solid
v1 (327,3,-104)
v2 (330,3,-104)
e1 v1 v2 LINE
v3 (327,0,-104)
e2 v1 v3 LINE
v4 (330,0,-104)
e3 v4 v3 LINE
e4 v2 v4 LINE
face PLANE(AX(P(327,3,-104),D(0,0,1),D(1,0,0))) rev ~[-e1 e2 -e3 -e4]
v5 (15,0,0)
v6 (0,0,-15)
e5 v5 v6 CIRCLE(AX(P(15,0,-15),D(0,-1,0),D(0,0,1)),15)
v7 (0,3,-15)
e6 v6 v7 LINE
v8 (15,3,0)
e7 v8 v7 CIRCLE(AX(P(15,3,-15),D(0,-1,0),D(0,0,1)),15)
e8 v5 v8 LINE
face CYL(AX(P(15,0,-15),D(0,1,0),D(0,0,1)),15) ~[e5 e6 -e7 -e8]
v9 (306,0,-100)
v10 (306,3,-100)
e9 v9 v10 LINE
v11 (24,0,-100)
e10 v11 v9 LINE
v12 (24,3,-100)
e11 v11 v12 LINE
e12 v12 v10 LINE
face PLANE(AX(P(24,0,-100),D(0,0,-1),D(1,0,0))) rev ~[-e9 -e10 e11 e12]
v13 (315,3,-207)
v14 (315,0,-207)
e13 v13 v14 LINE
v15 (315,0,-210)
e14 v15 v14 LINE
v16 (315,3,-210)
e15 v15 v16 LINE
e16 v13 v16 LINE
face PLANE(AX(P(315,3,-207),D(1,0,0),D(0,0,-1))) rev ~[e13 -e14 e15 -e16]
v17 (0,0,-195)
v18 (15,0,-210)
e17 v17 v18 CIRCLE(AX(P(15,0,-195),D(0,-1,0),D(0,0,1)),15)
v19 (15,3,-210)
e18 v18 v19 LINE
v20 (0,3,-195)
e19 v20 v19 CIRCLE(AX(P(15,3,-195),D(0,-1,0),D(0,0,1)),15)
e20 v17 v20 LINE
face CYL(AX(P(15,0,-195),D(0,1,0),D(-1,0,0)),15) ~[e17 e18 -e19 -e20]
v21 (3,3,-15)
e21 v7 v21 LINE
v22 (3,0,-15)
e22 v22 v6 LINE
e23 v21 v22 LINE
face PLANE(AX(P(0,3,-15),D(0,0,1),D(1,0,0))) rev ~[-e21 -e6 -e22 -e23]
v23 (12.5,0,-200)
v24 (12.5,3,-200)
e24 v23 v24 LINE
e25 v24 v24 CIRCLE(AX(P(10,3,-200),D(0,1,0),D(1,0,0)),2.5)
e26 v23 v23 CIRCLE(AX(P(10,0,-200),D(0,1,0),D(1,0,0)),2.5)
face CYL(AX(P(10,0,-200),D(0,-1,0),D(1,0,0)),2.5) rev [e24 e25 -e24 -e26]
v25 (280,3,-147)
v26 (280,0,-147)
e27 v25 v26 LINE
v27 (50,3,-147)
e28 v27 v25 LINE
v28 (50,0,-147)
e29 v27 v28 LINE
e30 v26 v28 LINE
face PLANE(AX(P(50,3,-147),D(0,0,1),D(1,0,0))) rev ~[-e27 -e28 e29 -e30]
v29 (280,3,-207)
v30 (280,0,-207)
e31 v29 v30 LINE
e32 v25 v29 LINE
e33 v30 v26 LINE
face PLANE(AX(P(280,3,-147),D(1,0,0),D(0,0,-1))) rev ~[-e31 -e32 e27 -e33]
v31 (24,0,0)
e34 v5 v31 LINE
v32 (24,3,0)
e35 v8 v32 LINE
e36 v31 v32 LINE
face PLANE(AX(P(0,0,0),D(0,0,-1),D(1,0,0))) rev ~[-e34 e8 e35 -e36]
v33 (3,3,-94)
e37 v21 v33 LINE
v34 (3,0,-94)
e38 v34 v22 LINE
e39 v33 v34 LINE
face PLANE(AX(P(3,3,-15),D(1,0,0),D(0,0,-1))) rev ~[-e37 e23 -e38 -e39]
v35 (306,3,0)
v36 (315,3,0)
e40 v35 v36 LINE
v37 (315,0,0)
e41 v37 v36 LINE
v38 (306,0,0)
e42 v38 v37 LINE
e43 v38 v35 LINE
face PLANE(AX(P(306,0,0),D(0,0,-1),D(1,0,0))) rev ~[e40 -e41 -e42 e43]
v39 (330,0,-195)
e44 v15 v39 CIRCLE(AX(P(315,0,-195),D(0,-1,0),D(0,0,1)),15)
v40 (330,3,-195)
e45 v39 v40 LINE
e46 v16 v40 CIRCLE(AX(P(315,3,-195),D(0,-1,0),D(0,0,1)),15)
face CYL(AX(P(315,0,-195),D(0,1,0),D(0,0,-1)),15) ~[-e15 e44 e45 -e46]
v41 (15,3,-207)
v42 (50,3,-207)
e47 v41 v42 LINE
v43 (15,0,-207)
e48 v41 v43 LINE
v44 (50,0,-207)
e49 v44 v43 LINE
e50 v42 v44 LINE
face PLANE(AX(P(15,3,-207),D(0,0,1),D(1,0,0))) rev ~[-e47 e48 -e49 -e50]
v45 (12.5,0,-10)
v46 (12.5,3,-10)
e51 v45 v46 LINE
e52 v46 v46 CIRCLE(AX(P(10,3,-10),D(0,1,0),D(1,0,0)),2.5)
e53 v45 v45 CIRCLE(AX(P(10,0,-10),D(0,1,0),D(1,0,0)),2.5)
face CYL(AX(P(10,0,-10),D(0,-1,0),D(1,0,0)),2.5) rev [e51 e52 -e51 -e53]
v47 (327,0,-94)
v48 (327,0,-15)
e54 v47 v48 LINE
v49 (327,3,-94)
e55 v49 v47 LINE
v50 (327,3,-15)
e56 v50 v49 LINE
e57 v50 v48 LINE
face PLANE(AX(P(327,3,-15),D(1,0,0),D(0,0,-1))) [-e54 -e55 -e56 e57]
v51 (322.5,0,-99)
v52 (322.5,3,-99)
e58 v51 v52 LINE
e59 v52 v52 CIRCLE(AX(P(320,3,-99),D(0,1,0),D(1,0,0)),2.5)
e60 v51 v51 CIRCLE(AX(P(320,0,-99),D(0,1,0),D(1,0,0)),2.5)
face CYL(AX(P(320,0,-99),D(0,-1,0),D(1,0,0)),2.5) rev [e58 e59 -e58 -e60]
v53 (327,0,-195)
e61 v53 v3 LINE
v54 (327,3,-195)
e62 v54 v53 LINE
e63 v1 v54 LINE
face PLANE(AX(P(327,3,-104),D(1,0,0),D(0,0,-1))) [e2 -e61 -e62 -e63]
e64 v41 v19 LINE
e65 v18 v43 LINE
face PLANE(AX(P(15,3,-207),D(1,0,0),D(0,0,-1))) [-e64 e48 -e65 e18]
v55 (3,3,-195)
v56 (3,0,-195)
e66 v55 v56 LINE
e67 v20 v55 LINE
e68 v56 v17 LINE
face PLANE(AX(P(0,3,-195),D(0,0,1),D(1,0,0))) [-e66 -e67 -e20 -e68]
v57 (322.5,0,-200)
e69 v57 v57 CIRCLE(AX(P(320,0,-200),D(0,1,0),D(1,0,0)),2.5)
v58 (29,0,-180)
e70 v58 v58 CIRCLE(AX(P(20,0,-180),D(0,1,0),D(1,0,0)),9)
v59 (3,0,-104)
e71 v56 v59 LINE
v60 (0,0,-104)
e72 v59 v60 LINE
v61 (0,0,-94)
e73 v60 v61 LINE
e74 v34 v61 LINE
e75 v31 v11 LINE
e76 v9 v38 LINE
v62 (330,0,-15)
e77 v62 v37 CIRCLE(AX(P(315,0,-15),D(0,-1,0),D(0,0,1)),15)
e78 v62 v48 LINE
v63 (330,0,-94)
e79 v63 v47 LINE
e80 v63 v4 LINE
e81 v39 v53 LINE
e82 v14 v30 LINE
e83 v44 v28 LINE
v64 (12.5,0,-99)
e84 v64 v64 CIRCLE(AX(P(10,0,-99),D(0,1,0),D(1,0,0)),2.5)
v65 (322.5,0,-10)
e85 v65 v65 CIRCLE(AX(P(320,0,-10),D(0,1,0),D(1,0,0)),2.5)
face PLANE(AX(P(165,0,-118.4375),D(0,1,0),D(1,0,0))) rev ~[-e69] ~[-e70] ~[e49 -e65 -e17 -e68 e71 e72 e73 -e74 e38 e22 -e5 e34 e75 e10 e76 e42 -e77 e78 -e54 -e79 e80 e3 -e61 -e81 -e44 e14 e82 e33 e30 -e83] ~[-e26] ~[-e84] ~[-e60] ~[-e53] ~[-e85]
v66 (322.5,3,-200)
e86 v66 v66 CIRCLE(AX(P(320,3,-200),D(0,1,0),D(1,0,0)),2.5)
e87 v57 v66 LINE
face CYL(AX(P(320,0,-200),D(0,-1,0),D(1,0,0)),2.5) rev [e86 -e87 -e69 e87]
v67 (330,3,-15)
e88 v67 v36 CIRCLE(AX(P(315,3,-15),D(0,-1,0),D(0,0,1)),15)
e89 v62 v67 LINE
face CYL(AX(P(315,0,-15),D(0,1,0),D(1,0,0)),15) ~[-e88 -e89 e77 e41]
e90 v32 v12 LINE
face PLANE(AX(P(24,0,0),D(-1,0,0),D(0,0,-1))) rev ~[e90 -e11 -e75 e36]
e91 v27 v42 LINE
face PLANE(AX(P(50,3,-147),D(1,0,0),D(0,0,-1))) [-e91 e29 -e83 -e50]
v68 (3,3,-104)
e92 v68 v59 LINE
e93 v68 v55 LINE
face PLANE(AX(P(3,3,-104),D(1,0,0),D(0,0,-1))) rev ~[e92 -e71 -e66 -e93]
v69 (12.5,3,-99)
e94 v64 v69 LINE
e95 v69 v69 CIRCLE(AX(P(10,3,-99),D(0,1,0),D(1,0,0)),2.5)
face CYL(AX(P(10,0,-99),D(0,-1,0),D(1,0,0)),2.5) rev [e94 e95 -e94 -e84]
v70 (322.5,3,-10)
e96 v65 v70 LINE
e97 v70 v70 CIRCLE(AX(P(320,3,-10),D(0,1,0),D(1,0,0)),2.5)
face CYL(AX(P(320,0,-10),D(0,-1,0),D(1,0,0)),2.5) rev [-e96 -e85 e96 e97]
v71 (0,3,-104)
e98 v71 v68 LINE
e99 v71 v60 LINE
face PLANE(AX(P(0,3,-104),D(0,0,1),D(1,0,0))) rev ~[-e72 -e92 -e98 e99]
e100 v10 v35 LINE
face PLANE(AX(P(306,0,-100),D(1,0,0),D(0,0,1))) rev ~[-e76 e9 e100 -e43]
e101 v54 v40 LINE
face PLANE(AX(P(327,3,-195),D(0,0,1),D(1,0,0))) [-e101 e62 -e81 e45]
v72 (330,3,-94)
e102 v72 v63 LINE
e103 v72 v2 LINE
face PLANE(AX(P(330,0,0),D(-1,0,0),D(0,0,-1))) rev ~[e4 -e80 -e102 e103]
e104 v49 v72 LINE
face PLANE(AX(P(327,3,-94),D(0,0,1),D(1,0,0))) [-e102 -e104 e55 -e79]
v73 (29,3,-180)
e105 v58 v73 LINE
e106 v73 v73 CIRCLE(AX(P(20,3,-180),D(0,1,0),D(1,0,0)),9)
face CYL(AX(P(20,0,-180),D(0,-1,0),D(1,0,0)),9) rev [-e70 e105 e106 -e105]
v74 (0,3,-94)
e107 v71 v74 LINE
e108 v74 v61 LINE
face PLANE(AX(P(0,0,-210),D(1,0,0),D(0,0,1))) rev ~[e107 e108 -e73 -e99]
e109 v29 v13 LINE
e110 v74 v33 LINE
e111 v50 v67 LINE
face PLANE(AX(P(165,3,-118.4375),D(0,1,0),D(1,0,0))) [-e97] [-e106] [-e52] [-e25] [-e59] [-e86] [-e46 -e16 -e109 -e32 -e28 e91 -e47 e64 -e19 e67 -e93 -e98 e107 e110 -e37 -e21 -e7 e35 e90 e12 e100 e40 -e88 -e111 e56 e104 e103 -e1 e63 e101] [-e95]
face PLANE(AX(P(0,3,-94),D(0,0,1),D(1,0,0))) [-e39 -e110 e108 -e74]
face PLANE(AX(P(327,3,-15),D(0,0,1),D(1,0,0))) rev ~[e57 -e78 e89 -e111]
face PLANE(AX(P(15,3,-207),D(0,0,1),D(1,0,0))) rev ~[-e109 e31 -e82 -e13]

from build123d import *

# Parameters (mm, degrees)
ESQUISSE1_R      = 2.5
ESQUISSE1_R_2    = 9
EXTRUSION1_DEPTH = 3
CONG_1_R         = 15
EXTRUSION2_REACH = 5
ESQUISSE2_W      = 300
ESQUISSE2_H      = 3
ESQUISSE2_W_2    = 3
ESQUISSE2_H_2    = 91
ESQUISSE2_H_3    = 79
EXTRUSION3_REACH = 5
ESQUISSE3_W      = 230
ESQUISSE3_H      = 60


with BuildPart() as part:
    # Esquisse1 → Extrusion1 (new body)
    with BuildSketch(Plane(origin=(0, 0, 0), x_dir=(1, 0, 0), z_dir=(0, 1, 0))):
        Polygon((0, 0), (24, 0), (24, 100), (165, 100), (306, 100), (306, 0), (330, 0), (330, 210), (0, 210), align=None)
        with Locations((10, 200)):
            Circle(ESQUISSE1_R, mode=Mode.SUBTRACT)
        with Locations((320, 200)):
            Circle(ESQUISSE1_R, mode=Mode.SUBTRACT)
        with Locations((10, 99)):
            Circle(ESQUISSE1_R, mode=Mode.SUBTRACT)
        with Locations((320, 99)):
            Circle(ESQUISSE1_R, mode=Mode.SUBTRACT)
        with Locations((10, 10)):
            Circle(ESQUISSE1_R, mode=Mode.SUBTRACT)
        with Locations((320, 10)):
            Circle(ESQUISSE1_R, mode=Mode.SUBTRACT)
        with Locations((20, 180)):
            Circle(ESQUISSE1_R_2, mode=Mode.SUBTRACT)
    extrude(amount=EXTRUSION1_DEPTH)

    # Congé1
    cong_1_edges = [part.edges().sort_by_distance(p)[0] for p in [
        (0, 1.5, -210),
        (330, 1.5, -210),
        (330, 1.5, 0),
        (0, 1.5, 0),
    ]]
    fillet(cong_1_edges, radius=CONG_1_R)

    # Esquisse2 → Extrusion2 (cut, up to next)
    with BuildSketch(Plane(origin=(0, 3, 0), x_dir=(1, 0, 0), z_dir=(0, 1, 0)), mode=Mode.PRIVATE) as extrusion2_sk1:
        with Locations((165, 208.5)):
            Rectangle(ESQUISSE2_W, ESQUISSE2_H)
    extrusion2_tool1 = extrude(extrusion2_sk1.sketch, amount=-EXTRUSION2_REACH, mode=Mode.PRIVATE) & part.part
    add(extrusion2_tool1.solids().sort_by_distance((165, 3, -208.5))[0], mode=Mode.SUBTRACT)
    # Esquisse2 → Extrusion2 (cut, up to next)
    with BuildSketch(Plane(origin=(0, 3, 0), x_dir=(1, 0, 0), z_dir=(0, 1, 0)), mode=Mode.PRIVATE) as extrusion2_sk2:
        with Locations((1.5, 149.5)):
            Rectangle(ESQUISSE2_W_2, ESQUISSE2_H_2)
    extrusion2_tool2 = extrude(extrusion2_sk2.sketch, amount=-EXTRUSION2_REACH, mode=Mode.PRIVATE) & part.part
    add(extrusion2_tool2.solids().sort_by_distance((1.5, 3, -149.5))[0], mode=Mode.SUBTRACT)
    # Esquisse2 → Extrusion2 (cut, up to next)
    with BuildSketch(Plane(origin=(0, 3, 0), x_dir=(1, 0, 0), z_dir=(0, 1, 0)), mode=Mode.PRIVATE) as extrusion2_sk3:
        with Locations((1.5, 54.5)):
            Rectangle(ESQUISSE2_W_2, ESQUISSE2_H_3)
    extrusion2_tool3 = extrude(extrusion2_sk3.sketch, amount=-EXTRUSION2_REACH, mode=Mode.PRIVATE) & part.part
    add(extrusion2_tool3.solids().sort_by_distance((1.5, 3, -54.5))[0], mode=Mode.SUBTRACT)
    # Esquisse2 → Extrusion2 (cut, up to next)
    with BuildSketch(Plane(origin=(0, 3, 0), x_dir=(1, 0, 0), z_dir=(0, 1, 0)), mode=Mode.PRIVATE) as extrusion2_sk4:
        with Locations((328.5, 54.5)):
            Rectangle(ESQUISSE2_W_2, ESQUISSE2_H_3)
    extrusion2_tool4 = extrude(extrusion2_sk4.sketch, amount=-EXTRUSION2_REACH, mode=Mode.PRIVATE) & part.part
    add(extrusion2_tool4.solids().sort_by_distance((328.5, 3, -54.5))[0], mode=Mode.SUBTRACT)
    # Esquisse2 → Extrusion2 (cut, up to next)
    with BuildSketch(Plane(origin=(0, 3, 0), x_dir=(1, 0, 0), z_dir=(0, 1, 0)), mode=Mode.PRIVATE) as extrusion2_sk5:
        with Locations((328.5, 149.5)):
            Rectangle(ESQUISSE2_W_2, ESQUISSE2_H_2)
    extrusion2_tool5 = extrude(extrusion2_sk5.sketch, amount=-EXTRUSION2_REACH, mode=Mode.PRIVATE) & part.part
    add(extrusion2_tool5.solids().sort_by_distance((328.5, 3, -149.5))[0], mode=Mode.SUBTRACT)

    # Esquisse3 → Extrusion3 (cut, up to next)
    with BuildSketch(Plane(origin=(0, 3, 0), x_dir=(1, 0, 0), z_dir=(0, 1, 0)), mode=Mode.PRIVATE) as extrusion3_sk1:
        with Locations((165, 177)):
            Rectangle(ESQUISSE3_W, ESQUISSE3_H)
    extrusion3_tool1 = extrude(extrusion3_sk1.sketch, amount=-EXTRUSION3_REACH, mode=Mode.PRIVATE) & part.part
    add(extrusion3_tool1.solids().sort_by_distance((165, 3, -177))[0], mode=Mode.SUBTRACT)


solid = part.part
